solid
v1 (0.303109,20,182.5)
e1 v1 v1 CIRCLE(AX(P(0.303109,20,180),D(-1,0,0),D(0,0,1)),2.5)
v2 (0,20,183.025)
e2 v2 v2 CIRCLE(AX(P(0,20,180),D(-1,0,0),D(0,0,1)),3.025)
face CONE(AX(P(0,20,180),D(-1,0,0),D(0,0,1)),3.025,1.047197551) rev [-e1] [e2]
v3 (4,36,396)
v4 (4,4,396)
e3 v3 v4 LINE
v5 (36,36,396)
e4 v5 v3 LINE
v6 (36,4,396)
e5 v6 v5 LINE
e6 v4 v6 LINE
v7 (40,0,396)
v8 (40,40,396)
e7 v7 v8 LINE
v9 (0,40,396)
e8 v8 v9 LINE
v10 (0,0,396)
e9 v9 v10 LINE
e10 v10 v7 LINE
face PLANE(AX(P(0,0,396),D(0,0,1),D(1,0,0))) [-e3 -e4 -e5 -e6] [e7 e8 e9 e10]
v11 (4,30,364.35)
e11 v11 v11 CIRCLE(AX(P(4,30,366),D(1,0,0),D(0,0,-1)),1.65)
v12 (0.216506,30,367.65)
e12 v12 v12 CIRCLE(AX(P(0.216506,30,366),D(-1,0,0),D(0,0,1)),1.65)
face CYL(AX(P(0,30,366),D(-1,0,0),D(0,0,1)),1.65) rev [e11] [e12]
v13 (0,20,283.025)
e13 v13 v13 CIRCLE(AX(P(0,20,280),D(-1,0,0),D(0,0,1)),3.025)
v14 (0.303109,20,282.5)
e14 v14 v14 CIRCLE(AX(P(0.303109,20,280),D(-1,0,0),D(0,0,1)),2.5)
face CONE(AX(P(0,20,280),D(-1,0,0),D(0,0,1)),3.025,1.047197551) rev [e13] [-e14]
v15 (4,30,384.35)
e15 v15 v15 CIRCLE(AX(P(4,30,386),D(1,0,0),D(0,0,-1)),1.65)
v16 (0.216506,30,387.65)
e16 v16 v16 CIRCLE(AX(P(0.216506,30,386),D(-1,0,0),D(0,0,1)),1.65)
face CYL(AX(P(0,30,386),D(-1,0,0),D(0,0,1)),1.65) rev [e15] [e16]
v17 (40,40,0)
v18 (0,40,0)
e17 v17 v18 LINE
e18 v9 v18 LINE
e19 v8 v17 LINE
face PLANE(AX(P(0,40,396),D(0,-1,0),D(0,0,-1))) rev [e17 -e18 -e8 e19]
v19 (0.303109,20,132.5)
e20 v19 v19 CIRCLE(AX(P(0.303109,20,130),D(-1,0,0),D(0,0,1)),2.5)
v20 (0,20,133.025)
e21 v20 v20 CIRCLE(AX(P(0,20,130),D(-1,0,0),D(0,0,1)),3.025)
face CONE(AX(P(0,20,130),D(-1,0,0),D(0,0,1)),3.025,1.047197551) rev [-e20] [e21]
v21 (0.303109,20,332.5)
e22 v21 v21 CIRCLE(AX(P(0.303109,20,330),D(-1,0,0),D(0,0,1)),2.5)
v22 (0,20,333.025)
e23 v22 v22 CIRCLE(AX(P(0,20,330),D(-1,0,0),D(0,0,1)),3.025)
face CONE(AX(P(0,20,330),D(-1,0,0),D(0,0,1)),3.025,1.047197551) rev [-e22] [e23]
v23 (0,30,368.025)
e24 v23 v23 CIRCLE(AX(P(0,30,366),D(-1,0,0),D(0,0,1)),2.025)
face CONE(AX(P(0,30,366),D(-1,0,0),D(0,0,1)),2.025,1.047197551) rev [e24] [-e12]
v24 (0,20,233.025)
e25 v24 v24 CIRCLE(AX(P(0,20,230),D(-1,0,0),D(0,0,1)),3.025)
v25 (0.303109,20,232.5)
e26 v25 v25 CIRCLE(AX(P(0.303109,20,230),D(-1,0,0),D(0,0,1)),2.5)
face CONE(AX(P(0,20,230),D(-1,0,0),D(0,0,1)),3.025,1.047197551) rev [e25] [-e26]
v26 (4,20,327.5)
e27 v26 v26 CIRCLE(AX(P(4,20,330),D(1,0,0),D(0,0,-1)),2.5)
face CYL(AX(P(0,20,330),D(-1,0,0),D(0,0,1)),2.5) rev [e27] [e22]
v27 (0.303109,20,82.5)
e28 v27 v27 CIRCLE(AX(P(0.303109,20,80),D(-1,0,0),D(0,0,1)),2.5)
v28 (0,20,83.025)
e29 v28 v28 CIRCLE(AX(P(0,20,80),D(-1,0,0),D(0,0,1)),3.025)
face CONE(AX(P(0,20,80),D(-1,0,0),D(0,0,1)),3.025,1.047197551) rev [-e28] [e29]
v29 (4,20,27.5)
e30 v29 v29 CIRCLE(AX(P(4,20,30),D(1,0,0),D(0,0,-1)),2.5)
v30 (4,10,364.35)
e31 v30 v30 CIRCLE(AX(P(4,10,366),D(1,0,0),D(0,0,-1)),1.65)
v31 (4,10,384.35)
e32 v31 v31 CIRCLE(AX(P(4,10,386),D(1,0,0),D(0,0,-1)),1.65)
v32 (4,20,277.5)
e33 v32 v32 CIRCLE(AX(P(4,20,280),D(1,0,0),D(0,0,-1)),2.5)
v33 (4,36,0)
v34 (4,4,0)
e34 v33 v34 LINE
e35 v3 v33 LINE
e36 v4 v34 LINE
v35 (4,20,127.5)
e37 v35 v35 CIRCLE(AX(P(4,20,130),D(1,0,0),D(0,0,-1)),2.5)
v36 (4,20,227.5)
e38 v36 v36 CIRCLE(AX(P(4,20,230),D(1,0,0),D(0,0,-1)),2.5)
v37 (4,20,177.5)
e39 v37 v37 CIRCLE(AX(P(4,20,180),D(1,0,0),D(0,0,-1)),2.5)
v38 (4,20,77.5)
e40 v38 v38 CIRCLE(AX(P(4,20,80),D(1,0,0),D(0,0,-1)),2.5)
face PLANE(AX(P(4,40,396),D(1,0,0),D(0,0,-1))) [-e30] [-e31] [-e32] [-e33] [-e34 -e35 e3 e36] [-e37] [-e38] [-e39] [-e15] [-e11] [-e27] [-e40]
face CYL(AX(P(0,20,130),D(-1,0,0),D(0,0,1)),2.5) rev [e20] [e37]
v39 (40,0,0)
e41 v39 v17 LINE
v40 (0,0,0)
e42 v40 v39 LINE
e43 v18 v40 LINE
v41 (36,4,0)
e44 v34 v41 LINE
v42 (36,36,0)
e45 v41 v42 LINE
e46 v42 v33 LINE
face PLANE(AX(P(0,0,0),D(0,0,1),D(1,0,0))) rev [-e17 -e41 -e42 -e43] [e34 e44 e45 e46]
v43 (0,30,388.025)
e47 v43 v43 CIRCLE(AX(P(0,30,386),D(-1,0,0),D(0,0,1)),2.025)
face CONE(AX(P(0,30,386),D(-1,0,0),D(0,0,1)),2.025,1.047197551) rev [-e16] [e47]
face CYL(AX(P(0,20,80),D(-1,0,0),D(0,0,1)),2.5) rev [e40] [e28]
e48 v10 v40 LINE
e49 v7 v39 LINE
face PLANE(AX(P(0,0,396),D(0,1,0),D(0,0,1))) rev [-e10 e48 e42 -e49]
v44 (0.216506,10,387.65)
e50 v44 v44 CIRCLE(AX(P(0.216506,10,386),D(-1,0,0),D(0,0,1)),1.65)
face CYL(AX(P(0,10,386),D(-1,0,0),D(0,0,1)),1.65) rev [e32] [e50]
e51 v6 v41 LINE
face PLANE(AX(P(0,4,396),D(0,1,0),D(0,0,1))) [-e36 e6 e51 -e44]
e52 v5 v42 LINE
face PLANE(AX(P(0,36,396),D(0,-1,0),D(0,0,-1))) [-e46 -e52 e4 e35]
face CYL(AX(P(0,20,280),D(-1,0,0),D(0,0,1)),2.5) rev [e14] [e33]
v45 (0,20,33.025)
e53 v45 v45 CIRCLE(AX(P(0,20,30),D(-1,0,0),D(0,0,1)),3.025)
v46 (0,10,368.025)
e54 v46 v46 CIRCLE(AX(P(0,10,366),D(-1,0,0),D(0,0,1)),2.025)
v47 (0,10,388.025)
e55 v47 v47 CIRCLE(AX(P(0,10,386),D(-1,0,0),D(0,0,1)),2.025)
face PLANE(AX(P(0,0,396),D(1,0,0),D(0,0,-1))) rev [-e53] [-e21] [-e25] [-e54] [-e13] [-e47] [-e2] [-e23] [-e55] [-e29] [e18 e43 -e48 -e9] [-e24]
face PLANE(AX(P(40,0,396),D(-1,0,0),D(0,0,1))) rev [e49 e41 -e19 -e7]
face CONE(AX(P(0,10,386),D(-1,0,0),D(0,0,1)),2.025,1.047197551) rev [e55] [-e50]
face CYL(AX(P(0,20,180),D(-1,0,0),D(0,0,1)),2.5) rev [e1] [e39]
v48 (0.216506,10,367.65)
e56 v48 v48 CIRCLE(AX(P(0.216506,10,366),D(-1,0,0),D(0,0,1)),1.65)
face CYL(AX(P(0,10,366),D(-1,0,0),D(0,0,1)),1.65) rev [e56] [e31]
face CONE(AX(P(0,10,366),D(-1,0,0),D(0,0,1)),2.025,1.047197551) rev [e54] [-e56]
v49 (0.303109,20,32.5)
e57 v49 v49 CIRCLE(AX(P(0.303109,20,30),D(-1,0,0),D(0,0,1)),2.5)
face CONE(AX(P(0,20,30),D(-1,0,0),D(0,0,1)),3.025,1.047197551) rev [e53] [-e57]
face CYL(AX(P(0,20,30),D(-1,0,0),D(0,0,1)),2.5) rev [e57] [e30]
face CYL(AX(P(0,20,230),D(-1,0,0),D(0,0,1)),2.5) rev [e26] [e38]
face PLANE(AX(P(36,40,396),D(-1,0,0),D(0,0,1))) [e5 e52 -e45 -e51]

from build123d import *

# Parameters (mm, degrees)
SKETCH_1_W                  = 40
SKETCH_1_H                  = 40
SKETCH_1_W_2                = 32
SKETCH_1_H_2                = 32
EXTRUDE_1_DEPTH             = 396
HOLE_WIZARD_M61_D           = 5
HOLE_WIZARD_M61_DEPTH       = 17
HOLE_WIZARD_M61_CSINK_D     = 6.05
HOLE_WIZARD_M61_CSINK_ANGLE = 120
HOLE_WIZARD_M61_TIP         = 1.502151548
HOLE_WIZARD_M41_D           = 3.3
HOLE_WIZARD_M41_DEPTH       = 11.5
HOLE_WIZARD_M41_CSINK_D     = 4.05
HOLE_WIZARD_M41_CSINK_ANGLE = 120
HOLE_WIZARD_M41_TIP         = 0.991420021


with BuildPart() as part:
    # Эскиз1 → Вытянуть-Тонкостенный1 (new body)
    with BuildSketch(Plane.XY):
        with Locations((20, 20)):
            Rectangle(SKETCH_1_W, SKETCH_1_H)
        with Locations((20, 20)):
            Rectangle(SKETCH_1_W_2, SKETCH_1_H_2, mode=Mode.SUBTRACT)
    extrude(amount=EXTRUDE_1_DEPTH)

    # Отверстие обработанное метчиком M61
    with Locations(Plane.ZY):
        with Locations((30, 20), (80, 20), (130, 20), (180, 20), (230, 20), (280, 20), (330, 20)):
            CounterSinkHole(HOLE_WIZARD_M61_D / 2, HOLE_WIZARD_M61_CSINK_D / 2, depth=HOLE_WIZARD_M61_DEPTH, counter_sink_angle=HOLE_WIZARD_M61_CSINK_ANGLE)
            with Locations((0, 0, -(HOLE_WIZARD_M61_DEPTH + HOLE_WIZARD_M61_TIP / 2))):  # 118° drill point
                Cone(0, HOLE_WIZARD_M61_D / 2, HOLE_WIZARD_M61_TIP, mode=Mode.SUBTRACT)

    # Отверстие обработанное метчиком M41
    with Locations(Plane.ZY):
        with Locations((386, 10), (366, 10), (386, 30), (366, 30)):
            CounterSinkHole(HOLE_WIZARD_M41_D / 2, HOLE_WIZARD_M41_CSINK_D / 2, depth=HOLE_WIZARD_M41_DEPTH, counter_sink_angle=HOLE_WIZARD_M41_CSINK_ANGLE)
            with Locations((0, 0, -(HOLE_WIZARD_M41_DEPTH + HOLE_WIZARD_M41_TIP / 2))):  # 118° drill point
                Cone(0, HOLE_WIZARD_M41_D / 2, HOLE_WIZARD_M41_TIP, mode=Mode.SUBTRACT)


solid = part.part
